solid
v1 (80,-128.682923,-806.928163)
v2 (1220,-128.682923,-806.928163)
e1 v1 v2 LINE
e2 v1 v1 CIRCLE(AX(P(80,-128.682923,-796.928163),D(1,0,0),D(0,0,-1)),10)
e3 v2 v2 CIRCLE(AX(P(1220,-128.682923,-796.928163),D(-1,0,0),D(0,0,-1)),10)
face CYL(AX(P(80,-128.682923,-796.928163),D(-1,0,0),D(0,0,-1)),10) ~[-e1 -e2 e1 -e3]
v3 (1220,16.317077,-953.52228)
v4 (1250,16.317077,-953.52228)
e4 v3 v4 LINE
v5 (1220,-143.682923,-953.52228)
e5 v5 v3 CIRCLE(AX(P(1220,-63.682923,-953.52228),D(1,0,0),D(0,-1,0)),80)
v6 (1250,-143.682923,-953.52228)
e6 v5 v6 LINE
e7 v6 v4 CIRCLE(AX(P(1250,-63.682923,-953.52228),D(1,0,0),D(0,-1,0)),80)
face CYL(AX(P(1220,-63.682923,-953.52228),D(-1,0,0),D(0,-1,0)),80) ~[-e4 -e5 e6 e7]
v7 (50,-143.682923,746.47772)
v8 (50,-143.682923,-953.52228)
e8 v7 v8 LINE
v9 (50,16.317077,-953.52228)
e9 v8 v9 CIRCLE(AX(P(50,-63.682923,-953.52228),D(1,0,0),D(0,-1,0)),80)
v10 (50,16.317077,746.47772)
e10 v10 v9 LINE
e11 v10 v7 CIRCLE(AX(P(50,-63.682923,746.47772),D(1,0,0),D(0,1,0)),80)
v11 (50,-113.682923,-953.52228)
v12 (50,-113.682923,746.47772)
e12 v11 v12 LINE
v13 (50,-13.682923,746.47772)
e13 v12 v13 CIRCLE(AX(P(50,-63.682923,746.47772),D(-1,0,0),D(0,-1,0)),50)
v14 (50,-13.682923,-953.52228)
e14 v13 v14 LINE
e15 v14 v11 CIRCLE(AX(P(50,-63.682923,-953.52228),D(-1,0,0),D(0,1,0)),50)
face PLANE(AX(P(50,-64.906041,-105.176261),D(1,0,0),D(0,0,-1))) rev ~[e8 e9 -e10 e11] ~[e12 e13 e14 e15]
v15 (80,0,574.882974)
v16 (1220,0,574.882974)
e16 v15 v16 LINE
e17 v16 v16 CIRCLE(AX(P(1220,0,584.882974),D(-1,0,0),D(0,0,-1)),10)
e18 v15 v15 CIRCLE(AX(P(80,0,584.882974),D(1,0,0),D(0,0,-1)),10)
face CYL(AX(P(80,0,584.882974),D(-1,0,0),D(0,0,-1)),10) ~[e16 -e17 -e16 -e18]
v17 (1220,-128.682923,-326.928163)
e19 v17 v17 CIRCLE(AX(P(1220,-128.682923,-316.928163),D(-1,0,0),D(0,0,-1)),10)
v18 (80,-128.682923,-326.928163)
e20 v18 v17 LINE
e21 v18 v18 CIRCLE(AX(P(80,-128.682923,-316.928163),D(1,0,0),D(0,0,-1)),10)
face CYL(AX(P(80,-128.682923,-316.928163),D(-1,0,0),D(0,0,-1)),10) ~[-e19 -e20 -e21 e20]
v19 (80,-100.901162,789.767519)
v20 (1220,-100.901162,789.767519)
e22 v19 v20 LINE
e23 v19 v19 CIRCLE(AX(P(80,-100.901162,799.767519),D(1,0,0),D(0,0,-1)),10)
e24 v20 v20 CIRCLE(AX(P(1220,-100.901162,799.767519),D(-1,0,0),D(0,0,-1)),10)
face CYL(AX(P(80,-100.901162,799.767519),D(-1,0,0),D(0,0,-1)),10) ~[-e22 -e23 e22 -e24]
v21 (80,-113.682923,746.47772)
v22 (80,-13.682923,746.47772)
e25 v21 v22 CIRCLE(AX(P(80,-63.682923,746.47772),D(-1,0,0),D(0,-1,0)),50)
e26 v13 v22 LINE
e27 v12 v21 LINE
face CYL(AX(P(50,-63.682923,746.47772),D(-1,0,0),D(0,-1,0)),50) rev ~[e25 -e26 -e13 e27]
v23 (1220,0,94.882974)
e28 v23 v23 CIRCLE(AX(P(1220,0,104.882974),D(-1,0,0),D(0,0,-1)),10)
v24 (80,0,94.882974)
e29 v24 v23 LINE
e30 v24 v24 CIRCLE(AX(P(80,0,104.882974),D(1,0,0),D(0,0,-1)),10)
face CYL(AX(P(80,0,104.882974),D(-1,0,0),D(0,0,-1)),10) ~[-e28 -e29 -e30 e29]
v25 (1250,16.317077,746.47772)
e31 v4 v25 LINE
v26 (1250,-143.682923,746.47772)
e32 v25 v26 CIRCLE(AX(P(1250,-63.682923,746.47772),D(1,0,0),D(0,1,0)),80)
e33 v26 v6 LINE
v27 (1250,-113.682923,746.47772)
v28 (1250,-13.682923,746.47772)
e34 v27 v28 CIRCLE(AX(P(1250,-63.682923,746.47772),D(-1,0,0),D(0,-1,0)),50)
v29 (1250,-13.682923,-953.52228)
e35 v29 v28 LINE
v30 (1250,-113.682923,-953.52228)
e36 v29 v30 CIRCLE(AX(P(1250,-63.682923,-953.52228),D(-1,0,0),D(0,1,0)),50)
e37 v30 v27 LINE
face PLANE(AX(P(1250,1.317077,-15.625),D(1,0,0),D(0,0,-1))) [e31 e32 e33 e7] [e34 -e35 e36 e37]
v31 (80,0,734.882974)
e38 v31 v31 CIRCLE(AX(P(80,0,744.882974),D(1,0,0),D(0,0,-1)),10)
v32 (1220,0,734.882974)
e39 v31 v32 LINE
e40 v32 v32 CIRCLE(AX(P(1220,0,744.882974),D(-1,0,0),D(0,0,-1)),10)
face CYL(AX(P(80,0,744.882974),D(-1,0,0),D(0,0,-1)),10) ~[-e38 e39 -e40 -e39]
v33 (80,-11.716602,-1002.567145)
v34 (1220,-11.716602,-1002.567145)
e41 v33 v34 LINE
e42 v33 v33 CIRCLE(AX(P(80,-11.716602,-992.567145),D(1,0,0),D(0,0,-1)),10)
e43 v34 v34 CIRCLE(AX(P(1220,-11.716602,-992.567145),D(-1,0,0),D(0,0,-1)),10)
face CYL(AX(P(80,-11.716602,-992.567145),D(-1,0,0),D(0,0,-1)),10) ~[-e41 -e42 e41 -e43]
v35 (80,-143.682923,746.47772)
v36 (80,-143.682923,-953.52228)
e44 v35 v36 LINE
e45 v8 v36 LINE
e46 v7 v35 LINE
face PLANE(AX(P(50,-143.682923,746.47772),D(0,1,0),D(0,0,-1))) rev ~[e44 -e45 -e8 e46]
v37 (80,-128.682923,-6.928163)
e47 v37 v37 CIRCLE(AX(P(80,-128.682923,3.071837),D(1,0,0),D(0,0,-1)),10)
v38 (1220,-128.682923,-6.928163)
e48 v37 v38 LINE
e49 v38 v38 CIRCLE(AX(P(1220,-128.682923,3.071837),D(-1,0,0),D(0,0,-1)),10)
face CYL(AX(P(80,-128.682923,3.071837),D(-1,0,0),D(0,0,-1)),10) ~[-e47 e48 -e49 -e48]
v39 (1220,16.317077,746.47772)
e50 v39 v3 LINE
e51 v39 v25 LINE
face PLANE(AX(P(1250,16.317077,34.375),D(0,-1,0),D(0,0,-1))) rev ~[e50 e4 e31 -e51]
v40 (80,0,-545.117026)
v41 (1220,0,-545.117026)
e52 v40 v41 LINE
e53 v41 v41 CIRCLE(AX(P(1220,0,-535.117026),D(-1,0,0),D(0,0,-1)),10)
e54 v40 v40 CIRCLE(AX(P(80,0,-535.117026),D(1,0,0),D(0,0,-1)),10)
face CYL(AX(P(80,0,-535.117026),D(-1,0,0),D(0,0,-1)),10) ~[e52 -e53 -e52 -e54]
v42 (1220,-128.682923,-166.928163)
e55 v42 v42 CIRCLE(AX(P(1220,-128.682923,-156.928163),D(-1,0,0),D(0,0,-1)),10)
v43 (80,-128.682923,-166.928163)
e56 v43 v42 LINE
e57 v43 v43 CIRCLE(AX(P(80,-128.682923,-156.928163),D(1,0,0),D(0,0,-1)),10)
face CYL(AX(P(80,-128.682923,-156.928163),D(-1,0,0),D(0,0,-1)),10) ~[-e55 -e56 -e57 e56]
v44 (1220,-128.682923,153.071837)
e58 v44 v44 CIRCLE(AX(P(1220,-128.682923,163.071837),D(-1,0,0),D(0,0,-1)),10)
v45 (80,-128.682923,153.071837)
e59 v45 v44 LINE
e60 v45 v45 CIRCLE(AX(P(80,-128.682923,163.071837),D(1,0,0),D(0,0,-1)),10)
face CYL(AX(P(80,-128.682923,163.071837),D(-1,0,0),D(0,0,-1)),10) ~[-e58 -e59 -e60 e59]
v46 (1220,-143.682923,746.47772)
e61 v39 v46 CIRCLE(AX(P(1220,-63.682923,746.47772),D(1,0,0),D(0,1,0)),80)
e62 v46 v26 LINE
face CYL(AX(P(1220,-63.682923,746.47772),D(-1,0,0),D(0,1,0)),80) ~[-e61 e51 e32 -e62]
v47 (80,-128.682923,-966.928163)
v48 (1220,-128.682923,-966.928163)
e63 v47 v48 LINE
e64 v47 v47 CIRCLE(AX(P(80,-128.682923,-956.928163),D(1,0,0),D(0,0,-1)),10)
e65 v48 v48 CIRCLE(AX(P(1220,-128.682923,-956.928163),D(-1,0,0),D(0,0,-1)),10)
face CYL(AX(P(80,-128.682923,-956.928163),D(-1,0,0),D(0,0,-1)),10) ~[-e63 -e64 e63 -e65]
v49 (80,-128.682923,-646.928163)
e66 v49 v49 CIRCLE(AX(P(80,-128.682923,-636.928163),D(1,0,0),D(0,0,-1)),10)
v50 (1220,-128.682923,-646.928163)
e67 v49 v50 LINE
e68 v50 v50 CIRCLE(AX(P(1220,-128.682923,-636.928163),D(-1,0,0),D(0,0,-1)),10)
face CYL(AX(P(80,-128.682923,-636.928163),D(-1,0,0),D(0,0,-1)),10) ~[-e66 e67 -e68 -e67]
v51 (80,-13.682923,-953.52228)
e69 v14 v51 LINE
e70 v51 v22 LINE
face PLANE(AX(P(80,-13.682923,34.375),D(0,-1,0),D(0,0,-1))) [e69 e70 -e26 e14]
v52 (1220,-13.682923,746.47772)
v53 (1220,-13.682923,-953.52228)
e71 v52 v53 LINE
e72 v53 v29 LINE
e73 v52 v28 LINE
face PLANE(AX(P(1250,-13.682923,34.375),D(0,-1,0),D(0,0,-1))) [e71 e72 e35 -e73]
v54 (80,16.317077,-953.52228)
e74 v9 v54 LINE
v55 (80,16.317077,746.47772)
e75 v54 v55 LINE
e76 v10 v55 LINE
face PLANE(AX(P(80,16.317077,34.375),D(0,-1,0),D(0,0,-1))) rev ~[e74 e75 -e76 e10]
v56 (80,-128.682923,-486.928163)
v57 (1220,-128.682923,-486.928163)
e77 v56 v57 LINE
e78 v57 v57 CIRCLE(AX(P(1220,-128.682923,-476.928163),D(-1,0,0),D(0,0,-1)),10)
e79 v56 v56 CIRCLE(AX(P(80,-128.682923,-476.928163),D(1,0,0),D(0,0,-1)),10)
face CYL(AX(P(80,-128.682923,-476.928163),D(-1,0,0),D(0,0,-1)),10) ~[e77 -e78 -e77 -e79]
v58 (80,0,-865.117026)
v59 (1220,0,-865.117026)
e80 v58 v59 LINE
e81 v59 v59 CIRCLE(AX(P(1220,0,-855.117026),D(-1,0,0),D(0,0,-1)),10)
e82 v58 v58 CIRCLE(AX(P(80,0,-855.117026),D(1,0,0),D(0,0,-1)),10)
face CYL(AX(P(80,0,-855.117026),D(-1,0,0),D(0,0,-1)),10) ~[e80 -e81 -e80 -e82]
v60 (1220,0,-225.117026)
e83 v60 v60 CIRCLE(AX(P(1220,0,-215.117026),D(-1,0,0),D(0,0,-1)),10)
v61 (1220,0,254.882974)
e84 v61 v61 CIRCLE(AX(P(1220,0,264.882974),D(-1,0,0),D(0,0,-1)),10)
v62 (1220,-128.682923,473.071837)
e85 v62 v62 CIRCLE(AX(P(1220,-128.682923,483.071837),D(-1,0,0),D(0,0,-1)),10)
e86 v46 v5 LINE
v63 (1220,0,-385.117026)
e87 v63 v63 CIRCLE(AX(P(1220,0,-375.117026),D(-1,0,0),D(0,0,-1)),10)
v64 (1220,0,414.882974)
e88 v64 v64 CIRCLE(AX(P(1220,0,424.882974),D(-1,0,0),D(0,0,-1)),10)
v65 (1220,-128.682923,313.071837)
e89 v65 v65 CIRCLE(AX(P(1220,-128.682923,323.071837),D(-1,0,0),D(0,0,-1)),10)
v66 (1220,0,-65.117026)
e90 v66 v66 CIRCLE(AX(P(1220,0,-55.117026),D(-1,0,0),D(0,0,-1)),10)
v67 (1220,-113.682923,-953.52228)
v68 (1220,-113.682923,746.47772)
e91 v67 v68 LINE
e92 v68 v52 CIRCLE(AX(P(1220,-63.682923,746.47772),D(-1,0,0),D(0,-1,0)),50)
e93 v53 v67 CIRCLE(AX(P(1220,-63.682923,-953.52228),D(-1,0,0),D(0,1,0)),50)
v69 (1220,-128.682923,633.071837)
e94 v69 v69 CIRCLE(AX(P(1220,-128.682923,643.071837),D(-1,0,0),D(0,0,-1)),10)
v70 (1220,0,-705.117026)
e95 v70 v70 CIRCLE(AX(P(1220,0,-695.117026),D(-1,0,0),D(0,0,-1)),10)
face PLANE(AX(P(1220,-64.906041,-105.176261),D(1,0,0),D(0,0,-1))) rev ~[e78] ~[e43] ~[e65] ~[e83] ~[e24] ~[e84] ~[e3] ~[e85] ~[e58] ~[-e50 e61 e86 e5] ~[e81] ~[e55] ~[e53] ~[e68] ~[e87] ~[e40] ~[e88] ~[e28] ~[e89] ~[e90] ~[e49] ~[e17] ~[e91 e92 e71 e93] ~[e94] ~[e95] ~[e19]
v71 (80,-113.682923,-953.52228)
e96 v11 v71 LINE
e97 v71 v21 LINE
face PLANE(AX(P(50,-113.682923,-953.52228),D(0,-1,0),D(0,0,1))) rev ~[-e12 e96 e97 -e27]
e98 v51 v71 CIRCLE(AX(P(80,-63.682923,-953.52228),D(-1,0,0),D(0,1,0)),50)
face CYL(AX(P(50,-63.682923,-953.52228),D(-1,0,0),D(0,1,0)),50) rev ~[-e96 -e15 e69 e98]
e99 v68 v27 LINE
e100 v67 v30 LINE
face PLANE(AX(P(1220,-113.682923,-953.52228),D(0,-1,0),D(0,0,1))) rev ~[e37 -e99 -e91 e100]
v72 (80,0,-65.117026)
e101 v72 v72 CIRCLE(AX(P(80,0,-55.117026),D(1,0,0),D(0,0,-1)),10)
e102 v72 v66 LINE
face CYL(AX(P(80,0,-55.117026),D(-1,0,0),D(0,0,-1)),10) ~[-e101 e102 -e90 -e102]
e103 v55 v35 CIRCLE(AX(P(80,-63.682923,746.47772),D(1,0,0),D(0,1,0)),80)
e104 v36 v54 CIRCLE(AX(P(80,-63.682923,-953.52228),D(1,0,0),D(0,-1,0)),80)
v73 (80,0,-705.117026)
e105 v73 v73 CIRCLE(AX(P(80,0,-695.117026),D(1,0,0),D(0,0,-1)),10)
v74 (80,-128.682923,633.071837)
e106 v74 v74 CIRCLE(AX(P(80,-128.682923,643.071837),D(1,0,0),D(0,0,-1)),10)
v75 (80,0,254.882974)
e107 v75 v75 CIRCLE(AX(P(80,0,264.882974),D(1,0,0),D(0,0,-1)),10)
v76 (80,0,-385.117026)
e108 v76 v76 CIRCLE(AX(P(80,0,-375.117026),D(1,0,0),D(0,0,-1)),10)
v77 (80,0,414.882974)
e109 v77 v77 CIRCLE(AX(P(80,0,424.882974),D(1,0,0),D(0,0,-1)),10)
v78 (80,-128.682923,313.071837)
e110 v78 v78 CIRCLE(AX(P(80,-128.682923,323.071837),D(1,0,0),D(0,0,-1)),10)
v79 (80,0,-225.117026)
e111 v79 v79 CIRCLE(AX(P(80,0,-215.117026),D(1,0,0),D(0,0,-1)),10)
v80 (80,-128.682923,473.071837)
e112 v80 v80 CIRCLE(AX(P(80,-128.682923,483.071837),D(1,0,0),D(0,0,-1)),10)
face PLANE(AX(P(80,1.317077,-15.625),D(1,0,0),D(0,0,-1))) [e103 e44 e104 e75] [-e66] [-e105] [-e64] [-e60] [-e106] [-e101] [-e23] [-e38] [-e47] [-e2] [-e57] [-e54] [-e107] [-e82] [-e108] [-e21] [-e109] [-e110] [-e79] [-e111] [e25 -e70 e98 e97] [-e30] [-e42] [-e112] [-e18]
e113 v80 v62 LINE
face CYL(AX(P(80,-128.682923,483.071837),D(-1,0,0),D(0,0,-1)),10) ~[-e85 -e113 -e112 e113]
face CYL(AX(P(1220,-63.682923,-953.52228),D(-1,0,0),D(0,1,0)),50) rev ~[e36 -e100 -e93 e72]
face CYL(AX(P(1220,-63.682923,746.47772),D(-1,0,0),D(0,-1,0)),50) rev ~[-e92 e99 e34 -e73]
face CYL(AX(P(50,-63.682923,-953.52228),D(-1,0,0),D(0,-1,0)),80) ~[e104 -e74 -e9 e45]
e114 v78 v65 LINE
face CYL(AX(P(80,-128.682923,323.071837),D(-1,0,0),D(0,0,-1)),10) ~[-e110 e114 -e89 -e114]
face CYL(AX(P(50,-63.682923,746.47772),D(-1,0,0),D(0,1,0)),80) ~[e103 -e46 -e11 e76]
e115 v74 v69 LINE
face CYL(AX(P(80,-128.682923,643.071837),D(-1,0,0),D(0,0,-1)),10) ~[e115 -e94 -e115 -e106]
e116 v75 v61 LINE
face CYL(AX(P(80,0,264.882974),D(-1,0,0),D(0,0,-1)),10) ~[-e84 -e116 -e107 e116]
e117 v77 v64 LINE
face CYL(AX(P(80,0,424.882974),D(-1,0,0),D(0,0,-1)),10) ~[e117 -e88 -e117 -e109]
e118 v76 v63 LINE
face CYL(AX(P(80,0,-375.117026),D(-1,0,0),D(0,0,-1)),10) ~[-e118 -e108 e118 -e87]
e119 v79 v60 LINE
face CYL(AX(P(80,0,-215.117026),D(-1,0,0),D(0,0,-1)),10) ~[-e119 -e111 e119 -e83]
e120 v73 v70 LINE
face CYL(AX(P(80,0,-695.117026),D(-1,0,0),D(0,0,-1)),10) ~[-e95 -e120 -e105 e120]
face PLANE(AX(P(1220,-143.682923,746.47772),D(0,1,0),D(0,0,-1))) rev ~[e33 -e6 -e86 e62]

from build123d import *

# Parameters (mm, degrees)
SKETCH1_W           = 100
SKETCH1_H           = 100
BOSS_EXTRUDE1_DEPTH = 50
BOSS_EXTRUDE2_DEPTH = 30
SKETCH4_W           = 100
SKETCH4_H           = 30
BOSS_EXTRUDE3_DEPTH = 30
SKETCH5_W           = 50
SKETCH5_H           = 100
CUT_EXTRUDE1_DEPTH  = 110
LPATTERN1_COUNT     = 2
LPATTERN1_PITCH     = 1170
SKETCH6_R           = 10
BOSS_EXTRUDE4_DEPTH = 1160
LPATTERN2_COUNT     = 11
LPATTERN2_PITCH     = 160
SKETCH7_R           = 10
BOSS_EXTRUDE5_DEPTH = 1160
LPATTERN3_COUNT     = 11
LPATTERN3_PITCH     = 160
SKETCH8_R           = 10
BOSS_EXTRUDE6_DEPTH = 1160
SKETCH9_R           = 10
BOSS_EXTRUDE7_DEPTH = 1160


with BuildPart() as part:
    # Sketch1 → Boss-Extrude1 (new body)
    with BuildSketch(Plane(origin=(0, 0, 0), x_dir=(0, 0, -1), z_dir=(1, 0, 0))):
        with Locations((15.625, -21.033653846)):
            Rectangle(SKETCH1_W, SKETCH1_H)
    extrude(amount=BOSS_EXTRUDE1_DEPTH)



with BuildPart() as body_2:
    # Sketch3 → Boss-Extrude2 (new body)
    with BuildSketch(Plane(origin=(50, 0, 0), x_dir=(0, 0, -1), z_dir=(1, 0, 0))):
        with BuildLine():
            Line((-34.375, -13.682922568), (-34.375, 16.317077432))
            Line((-34.375, 16.317077432), (-746.477720281, 16.317077432))
            ThreePointArc((-746.477720281, 16.317077432), (-826.477720281, -63.682922568), (-746.477720281, -143.682922568))
            Line((-746.477720281, -143.682922568), (953.522279719, -143.682922568))
            ThreePointArc((953.522279719, -143.682922568), (1033.522279719, -63.682922568), (953.522279719, 16.317077432))
            Line((953.522279719, 16.317077432), (65.625, 16.317077432))
            Line((65.625, 16.317077432), (65.625, -13.682922568))
            Line((65.625, -13.682922568), (953.522279719, -13.682922568))
            ThreePointArc((953.522279719, -13.682922568), (1003.522279719, -63.682922568), (953.522279719, -113.682922568))
            Line((953.522279719, -113.682922568), (-746.477720281, -113.682922568))
            ThreePointArc((-746.477720281, -113.682922568), (-796.477720281, -63.682922568), (-746.477720281, -13.682922568))
            Line((-746.477720281, -13.682922568), (-34.375, -13.682922568))
        make_face()
    extrude(amount=BOSS_EXTRUDE2_DEPTH)


with BuildPart() as part_1:
    add(part.part)

    add(body_2.part)  # Boss-Extrude3 merges body 2
    # Sketch4 → Boss-Extrude3 (add)
    with BuildSketch(Plane(origin=(80, 0, 0), x_dir=(0, 0, -1), z_dir=(1, 0, 0))):
        with Locations((15.625, 1.317077432)):
            Rectangle(SKETCH4_W, SKETCH4_H)
    extrude(amount=-BOSS_EXTRUDE3_DEPTH)

    # Sketch5 → Cut-Extrude1 (cut)
    with BuildSketch(Plane(origin=(0, 28.966346154, 0), x_dir=(1, 0, 0), z_dir=(0, 1, 0))):
        with Locations((25, 15.625)):
            Rectangle(SKETCH5_W, SKETCH5_H)
    extrude(amount=-CUT_EXTRUDE1_DEPTH, mode=Mode.SUBTRACT)


with BuildPart() as lpattern1_1:
    # LPattern1: pattern copy
    add(part_1.part.moved(Location(Vector(1, 0, 0) * (1 * LPATTERN1_PITCH))))


with BuildPart() as part_2:
    add(part_1.part)

    add(lpattern1_1.part)  # Boss-Extrude4 merges LPattern1_1
    # Sketch6 → Boss-Extrude4 (add)
    with BuildSketch(Plane(origin=(80, 0, 0), x_dir=(0, 0, -1), z_dir=(1, 0, 0))):
        with Locations((-744.882973678, 0)):
            Circle(SKETCH6_R)
    boss_extrude4 = extrude(amount=BOSS_EXTRUDE4_DEPTH)

    # LPattern2: Boss-Extrude4 ×11
    with Locations(*[(0, 0, -i * LPATTERN2_PITCH) for i in range(1, LPATTERN2_COUNT)]):
        add(boss_extrude4)

    # Sketch7 → Boss-Extrude5 (add)
    with BuildSketch(Plane(origin=(80, 0, 0), x_dir=(0, 0, -1), z_dir=(1, 0, 0))):
        with Locations((956.928162623, -128.682922568)):
            Circle(SKETCH7_R)
    boss_extrude5 = extrude(amount=BOSS_EXTRUDE5_DEPTH)

    # LPattern3: Boss-Extrude5 ×11
    with Locations(*[(0, 0, i * LPATTERN3_PITCH) for i in range(1, LPATTERN3_COUNT)]):
        add(boss_extrude5)

    # Sketch8 → Boss-Extrude6 (add)
    with BuildSketch(Plane(origin=(80, 0, 0), x_dir=(0, 0, -1), z_dir=(1, 0, 0))):
        with Locations((-799.767519163, -100.901161848)):
            Circle(SKETCH8_R)
    extrude(amount=BOSS_EXTRUDE6_DEPTH)

    # Sketch9 → Boss-Extrude7 (add)
    with BuildSketch(Plane(origin=(80, 0, 0), x_dir=(0, 0, -1), z_dir=(1, 0, 0))):
        with Locations((992.567145138, -11.716601895)):
            Circle(SKETCH9_R)
    extrude(amount=BOSS_EXTRUDE7_DEPTH)


solid = part_2.part
